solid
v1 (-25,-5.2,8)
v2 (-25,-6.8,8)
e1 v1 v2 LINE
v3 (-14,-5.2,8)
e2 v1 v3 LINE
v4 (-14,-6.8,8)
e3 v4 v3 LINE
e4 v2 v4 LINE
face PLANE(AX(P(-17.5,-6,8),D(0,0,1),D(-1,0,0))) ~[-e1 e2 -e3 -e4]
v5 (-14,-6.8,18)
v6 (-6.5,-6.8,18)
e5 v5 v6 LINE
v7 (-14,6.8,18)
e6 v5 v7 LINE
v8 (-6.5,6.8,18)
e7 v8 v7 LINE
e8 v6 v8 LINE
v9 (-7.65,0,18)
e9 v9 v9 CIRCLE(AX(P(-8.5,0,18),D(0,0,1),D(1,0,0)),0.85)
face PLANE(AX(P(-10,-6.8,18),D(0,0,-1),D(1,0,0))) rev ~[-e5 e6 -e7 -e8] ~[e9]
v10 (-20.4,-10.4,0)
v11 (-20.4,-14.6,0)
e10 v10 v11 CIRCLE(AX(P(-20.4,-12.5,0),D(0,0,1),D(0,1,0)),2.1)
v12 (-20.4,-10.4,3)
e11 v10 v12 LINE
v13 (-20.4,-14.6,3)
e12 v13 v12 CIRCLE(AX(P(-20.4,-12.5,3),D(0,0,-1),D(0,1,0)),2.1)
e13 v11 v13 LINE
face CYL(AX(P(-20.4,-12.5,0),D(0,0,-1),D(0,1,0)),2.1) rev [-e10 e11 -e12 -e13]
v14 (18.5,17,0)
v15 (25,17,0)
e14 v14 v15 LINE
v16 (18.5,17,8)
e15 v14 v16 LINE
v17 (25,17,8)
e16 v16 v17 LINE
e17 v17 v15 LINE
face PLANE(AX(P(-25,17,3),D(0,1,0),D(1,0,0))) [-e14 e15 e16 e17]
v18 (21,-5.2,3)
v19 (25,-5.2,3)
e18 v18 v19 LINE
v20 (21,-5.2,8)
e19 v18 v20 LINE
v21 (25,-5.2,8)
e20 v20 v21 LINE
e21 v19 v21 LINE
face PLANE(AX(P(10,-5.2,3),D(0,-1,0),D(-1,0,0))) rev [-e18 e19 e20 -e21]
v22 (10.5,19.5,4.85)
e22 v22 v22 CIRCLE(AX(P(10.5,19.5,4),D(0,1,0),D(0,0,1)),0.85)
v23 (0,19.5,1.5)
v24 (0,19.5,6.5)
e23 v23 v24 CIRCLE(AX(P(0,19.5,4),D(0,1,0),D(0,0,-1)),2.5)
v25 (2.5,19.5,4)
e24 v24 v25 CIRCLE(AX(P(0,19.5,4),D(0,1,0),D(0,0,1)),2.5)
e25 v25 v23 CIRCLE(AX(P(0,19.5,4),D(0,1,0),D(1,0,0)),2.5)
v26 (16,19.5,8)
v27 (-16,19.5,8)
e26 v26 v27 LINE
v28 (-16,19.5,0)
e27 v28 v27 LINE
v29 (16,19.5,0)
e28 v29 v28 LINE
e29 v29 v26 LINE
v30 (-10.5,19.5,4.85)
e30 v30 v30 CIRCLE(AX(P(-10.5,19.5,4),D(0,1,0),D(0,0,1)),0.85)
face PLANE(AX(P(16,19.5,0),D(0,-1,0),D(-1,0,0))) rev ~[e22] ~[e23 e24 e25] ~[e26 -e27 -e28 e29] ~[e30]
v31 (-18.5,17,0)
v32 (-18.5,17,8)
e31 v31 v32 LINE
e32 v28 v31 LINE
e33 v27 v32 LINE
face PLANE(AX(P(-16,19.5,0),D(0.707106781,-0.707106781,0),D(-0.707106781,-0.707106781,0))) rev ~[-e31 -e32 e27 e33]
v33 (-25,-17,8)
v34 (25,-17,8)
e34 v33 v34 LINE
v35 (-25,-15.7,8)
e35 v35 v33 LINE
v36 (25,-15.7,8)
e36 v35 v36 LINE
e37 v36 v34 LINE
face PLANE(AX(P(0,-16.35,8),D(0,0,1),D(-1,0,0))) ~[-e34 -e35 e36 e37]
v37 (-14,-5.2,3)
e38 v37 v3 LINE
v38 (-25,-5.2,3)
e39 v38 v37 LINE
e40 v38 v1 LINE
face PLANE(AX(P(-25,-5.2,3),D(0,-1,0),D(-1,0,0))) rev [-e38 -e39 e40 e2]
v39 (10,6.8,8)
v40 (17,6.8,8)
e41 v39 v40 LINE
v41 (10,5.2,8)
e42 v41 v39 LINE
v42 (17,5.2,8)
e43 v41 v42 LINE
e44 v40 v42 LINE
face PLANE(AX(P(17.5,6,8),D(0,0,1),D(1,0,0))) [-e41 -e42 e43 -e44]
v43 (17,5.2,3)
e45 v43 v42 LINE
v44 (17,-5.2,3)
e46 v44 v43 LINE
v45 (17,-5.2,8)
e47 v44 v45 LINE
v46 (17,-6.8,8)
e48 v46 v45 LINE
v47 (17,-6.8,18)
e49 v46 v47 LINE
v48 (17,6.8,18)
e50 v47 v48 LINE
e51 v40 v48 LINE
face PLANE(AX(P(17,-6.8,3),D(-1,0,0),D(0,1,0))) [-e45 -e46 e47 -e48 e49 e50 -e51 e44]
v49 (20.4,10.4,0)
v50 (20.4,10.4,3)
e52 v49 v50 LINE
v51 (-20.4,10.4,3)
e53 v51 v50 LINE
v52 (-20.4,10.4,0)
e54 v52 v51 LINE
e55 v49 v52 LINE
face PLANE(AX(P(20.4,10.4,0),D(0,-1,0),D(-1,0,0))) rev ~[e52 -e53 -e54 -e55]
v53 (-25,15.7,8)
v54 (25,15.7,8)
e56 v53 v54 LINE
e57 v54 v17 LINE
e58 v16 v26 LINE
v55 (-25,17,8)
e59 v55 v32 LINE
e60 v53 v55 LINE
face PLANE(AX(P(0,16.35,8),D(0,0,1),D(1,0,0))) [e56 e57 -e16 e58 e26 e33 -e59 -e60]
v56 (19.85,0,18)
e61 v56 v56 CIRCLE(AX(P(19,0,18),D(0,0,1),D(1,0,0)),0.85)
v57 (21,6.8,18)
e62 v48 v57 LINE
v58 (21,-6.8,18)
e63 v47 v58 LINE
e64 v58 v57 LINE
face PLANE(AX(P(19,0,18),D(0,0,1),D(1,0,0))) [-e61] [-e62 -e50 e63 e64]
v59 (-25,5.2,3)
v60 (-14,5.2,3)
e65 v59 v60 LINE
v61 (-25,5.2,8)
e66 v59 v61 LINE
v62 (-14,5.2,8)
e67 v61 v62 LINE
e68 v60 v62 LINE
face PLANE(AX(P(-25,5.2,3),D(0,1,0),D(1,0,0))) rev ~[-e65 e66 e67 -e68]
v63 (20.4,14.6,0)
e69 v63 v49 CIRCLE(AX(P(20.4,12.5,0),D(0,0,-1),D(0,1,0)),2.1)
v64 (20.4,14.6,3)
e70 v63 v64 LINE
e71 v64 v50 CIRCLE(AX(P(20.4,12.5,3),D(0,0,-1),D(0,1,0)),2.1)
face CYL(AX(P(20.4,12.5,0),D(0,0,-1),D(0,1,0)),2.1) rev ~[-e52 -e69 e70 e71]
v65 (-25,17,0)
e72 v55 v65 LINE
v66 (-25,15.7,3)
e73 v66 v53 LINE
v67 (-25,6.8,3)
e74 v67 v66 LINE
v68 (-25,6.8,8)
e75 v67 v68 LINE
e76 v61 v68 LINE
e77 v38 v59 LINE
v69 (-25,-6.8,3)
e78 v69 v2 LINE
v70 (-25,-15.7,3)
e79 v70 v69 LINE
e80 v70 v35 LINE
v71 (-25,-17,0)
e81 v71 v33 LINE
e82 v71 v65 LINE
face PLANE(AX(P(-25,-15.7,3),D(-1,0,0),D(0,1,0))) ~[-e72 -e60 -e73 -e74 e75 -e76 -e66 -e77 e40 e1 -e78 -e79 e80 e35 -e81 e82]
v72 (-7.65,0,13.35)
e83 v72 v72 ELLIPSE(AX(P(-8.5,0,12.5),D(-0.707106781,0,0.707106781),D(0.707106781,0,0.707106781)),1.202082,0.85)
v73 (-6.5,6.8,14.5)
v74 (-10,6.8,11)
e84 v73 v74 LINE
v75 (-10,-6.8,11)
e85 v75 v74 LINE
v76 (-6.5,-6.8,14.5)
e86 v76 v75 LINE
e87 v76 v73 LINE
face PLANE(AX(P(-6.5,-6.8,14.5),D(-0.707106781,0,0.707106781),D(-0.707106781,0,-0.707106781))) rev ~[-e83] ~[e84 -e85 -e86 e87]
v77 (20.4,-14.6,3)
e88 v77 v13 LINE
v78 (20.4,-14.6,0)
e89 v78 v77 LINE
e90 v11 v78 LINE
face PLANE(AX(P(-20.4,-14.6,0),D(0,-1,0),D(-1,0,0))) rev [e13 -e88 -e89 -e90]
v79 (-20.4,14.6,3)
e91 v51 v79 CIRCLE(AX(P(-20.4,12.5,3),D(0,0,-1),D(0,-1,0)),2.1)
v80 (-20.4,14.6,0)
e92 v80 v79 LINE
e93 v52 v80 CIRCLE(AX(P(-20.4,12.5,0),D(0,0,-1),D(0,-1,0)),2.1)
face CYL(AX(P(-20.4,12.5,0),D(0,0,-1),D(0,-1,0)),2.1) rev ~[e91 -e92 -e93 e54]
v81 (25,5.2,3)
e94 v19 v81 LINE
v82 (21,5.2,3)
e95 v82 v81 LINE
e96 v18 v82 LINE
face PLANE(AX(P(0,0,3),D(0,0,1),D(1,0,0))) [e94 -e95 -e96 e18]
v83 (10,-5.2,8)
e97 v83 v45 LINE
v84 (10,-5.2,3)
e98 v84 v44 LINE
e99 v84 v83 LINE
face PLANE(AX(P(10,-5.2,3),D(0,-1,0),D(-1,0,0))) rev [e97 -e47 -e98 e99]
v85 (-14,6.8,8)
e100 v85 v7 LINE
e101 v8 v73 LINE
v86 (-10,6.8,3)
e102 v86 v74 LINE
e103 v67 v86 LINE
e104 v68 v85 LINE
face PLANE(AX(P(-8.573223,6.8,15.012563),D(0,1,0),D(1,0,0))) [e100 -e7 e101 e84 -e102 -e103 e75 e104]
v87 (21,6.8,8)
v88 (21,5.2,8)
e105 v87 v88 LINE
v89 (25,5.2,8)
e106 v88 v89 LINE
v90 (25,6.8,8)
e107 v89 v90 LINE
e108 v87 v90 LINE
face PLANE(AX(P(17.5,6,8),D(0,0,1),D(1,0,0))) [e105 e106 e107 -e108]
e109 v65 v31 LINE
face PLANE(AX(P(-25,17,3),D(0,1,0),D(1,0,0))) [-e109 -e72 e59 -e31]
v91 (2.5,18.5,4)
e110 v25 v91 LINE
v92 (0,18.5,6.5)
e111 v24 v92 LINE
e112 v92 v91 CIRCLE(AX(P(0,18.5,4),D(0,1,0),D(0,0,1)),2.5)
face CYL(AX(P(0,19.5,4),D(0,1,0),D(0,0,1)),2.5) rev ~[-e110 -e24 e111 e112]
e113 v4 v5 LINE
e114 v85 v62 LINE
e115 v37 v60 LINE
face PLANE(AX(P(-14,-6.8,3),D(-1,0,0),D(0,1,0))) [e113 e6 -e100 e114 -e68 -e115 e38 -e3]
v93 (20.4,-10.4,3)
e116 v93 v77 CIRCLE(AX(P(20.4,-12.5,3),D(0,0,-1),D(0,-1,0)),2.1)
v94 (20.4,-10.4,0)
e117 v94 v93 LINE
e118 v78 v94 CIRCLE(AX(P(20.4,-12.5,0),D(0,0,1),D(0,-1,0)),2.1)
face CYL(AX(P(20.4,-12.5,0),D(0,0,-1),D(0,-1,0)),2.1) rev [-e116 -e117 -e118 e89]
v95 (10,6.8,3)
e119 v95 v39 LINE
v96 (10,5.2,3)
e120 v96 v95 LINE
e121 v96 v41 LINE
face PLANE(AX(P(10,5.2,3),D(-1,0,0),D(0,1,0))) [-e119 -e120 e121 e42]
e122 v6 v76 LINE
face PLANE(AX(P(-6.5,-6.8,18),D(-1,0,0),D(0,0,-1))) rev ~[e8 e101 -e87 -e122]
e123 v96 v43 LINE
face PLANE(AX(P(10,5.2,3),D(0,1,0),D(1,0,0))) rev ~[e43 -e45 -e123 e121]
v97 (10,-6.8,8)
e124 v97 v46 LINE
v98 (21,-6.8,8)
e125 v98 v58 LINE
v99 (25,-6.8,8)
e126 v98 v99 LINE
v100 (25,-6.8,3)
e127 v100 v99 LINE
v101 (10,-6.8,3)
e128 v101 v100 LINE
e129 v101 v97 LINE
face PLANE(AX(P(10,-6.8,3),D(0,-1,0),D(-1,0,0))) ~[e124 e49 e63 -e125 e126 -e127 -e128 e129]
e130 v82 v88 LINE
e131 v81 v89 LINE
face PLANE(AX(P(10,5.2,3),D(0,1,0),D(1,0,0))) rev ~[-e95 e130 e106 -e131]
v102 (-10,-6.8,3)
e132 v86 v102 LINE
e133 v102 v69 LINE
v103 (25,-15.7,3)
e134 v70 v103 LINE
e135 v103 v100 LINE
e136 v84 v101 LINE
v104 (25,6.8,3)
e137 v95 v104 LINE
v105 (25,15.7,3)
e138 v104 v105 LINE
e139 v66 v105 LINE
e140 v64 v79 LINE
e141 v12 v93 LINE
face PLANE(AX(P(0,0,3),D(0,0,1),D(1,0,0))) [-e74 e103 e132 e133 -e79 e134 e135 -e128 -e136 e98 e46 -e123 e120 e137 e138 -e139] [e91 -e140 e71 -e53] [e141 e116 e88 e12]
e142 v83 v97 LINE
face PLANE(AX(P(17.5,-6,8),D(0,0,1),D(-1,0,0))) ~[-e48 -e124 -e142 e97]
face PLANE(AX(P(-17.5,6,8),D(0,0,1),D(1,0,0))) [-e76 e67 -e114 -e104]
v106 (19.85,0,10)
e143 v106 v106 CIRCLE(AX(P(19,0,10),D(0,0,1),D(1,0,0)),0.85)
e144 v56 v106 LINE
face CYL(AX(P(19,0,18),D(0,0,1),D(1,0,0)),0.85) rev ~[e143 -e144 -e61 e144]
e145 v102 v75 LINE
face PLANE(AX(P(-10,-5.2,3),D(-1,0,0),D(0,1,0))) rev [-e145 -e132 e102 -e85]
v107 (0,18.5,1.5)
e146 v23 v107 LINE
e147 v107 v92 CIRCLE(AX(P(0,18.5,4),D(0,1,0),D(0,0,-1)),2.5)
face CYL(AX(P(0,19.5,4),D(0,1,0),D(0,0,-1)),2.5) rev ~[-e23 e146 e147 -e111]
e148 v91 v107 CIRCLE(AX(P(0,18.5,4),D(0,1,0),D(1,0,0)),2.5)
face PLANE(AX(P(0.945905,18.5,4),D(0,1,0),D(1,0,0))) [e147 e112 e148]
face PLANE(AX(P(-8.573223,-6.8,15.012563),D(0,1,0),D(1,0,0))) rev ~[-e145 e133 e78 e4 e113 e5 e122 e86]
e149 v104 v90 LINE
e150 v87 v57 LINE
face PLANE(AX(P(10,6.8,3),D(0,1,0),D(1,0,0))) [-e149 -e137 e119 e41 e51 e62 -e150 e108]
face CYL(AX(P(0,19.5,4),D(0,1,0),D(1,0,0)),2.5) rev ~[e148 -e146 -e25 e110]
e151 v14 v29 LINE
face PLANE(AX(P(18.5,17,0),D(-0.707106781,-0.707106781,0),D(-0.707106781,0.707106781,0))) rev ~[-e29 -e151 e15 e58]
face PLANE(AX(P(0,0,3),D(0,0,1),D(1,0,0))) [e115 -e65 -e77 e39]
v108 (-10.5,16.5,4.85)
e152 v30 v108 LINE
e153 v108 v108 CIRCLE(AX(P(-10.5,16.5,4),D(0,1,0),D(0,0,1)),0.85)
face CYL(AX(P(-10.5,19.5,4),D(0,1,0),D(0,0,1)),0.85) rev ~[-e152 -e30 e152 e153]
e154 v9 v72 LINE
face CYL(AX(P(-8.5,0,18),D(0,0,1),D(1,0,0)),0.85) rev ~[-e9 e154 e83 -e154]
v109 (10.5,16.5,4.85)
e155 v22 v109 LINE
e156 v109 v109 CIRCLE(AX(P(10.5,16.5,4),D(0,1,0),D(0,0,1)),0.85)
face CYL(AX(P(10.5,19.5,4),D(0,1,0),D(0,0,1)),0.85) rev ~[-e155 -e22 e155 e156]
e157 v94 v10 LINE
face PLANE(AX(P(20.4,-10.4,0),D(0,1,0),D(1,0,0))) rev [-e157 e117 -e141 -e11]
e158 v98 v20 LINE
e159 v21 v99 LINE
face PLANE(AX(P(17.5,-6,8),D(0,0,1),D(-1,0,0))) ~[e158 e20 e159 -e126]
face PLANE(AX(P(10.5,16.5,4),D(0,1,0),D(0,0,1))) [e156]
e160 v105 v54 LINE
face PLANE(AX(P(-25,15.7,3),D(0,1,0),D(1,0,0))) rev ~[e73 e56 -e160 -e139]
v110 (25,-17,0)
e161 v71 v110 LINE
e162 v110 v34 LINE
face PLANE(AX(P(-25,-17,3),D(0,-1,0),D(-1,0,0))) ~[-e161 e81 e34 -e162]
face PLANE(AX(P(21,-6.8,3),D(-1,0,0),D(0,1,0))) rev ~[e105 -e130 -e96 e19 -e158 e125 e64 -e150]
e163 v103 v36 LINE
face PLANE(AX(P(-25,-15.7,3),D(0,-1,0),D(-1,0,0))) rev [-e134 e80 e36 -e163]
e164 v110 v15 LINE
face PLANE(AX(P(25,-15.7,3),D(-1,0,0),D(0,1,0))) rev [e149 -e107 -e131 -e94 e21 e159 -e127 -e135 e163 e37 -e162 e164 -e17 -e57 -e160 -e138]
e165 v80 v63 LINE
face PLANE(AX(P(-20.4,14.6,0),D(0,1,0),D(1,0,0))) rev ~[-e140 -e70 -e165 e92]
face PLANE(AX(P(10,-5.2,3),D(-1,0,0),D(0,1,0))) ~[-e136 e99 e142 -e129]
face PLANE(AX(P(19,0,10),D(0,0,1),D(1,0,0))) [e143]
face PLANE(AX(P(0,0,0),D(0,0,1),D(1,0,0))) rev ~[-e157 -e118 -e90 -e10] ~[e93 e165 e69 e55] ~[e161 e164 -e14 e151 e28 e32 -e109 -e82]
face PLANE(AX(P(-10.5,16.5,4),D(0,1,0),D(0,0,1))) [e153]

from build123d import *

# Parameters (mm, degrees)
SZKIC1_W                    = 50
SZKIC1_H                    = 34
DODANIE_WYCI_GNI_CIE1_DEPTH = 3
WYTNIJ_WYCI_GNI_CIE1_DEPTH  = 31.380915062
SZKIC2_W                    = 50
SZKIC2_H                    = 1.3
SZKIC2_W_2                  = 15
SZKIC2_H_2                  = 1.6
DODANIE_WYCI_GNI_CIE2_DEPTH = 5
DODANIE_WYCI_GNI_CIE5_DEPTH = 8
SZKIC9_R                    = 0.85
WYTNIJ_WYCI_GNI_CIE3_DEPTH  = 3
WYTNIJ_WYCI_GNI_CIE4_DEPTH  = 1
SZKIC5_W                    = 4
SZKIC5_H                    = 13.6
DODANIE_WYCI_GNI_CIE3_DEPTH = 15
DODANIE_WYCI_GNI_CIE4_START = -6.8
DODANIE_WYCI_GNI_CIE4_DEPTH = 13.6
SZKIC7_R                    = 0.85
WYTNIJ_WYCI_GNI_CIE2_DEPTH  = 8


with BuildPart() as part:
    # Szkic1 → Dodanie-wyciągnięcie1 (new body)
    with BuildSketch(Plane.XY):
        Rectangle(SZKIC1_W, SZKIC1_H)
    extrude(amount=DODANIE_WYCI_GNI_CIE1_DEPTH)

    # Szkic3 → Wytnij-wyciągnięcie1 (cut, through all)
    with BuildSketch(Plane.XY):
        with BuildLine():
            Line((-20.4, 14.6), (20.4, 14.6))
            ThreePointArc((20.4, 14.6), (22.5, 12.5), (20.4, 10.4))
            Line((20.4, 10.4), (-20.4, 10.4))
            ThreePointArc((-20.4, 10.4), (-22.5, 12.5), (-20.4, 14.6))
        make_face()
    wytnij_wyci_gni_cie1 = extrude(amount=WYTNIJ_WYCI_GNI_CIE1_DEPTH, mode=Mode.SUBTRACT)

    # Szkic2 → Dodanie-wyciągnięcie2 (add)
    with BuildSketch(Plane.XY.offset(3)):
        with Locations((0, 16.35)):
            Rectangle(SZKIC2_W, SZKIC2_H)
        with Locations((-17.5, 6)):
            Rectangle(SZKIC2_W_2, SZKIC2_H_2)
        with Locations((17.5, 6)):
            Rectangle(SZKIC2_W_2, SZKIC2_H_2)
    dodanie_wyci_gni_cie2 = extrude(amount=DODANIE_WYCI_GNI_CIE2_DEPTH)

    # Lustro1: Wytnij-wyciągnięcie1, Dodanie-wyciągnięcie2 across plane
    add(wytnij_wyci_gni_cie1.mirror(Plane.ZX), mode=Mode.SUBTRACT)
    add(dodanie_wyci_gni_cie2.mirror(Plane.ZX))

    # Szkic8 → Dodanie-wyciągnięcie5 (add)
    with BuildSketch(Plane(origin=(0, 0, 0), x_dir=(-1, 0, 0), z_dir=(0, 0, -1))):
        Polygon((-18.5, 17), (-16, 19.5), (16, 19.5), (18.5, 17), align=None)
    extrude(amount=-DODANIE_WYCI_GNI_CIE5_DEPTH)

    # Szkic9 → Wytnij-wyciągnięcie3 (cut)
    with BuildSketch(Plane(origin=(0, 19.5, 0), x_dir=(1, 0, 0), z_dir=(0, 1, 0))):
        with Locations(Location((-10.5, -4, 0), (0, 0, 270))):
            Circle(SZKIC9_R)
        with Locations(Location((10.5, -4, 0), (0, 0, 270))):
            Circle(SZKIC9_R)
    extrude(amount=-WYTNIJ_WYCI_GNI_CIE3_DEPTH, mode=Mode.SUBTRACT)

    # Szkic9<3> → Wytnij-wyciągnięcie4 (cut)
    with BuildSketch(Plane(origin=(0, 19.5, 0), x_dir=(1, 0, 0), z_dir=(0, 1, 0))):
        with BuildLine():
            ThreePointArc((2.5, -4), (1.767766953, -2.232233047), (0, -1.5))
            Line((0, -1.5), (0, -6.5))
            ThreePointArc((0, -6.5), (1.767766953, -5.767766953), (2.5, -4))
        make_face()
        with BuildLine():
            Line((0, -6.5), (0, -1.5))
            ThreePointArc((0, -1.5), (-2.5, -4), (0, -6.5))
        make_face()
    extrude(amount=-WYTNIJ_WYCI_GNI_CIE4_DEPTH, mode=Mode.SUBTRACT)

    # Szkic5 → Dodanie-wyciągnięcie3 (add)
    with BuildSketch(Plane.XY.offset(3)):
        with Locations((19, 0)):
            Rectangle(SZKIC5_W, SZKIC5_H)
        with Locations((-12, 0)):
            Rectangle(SZKIC5_W, SZKIC5_H)
    extrude(amount=DODANIE_WYCI_GNI_CIE3_DEPTH)

    # Szkic6 → Dodanie-wyciągnięcie4 (add)
    with BuildSketch(Plane(origin=(0, 0, 0), x_dir=(1, 0, 0), z_dir=(0, 1, 0)).offset(DODANIE_WYCI_GNI_CIE4_START)):
        Polygon((-10, -18), (-6.5, -18), (-6.5, -14.5), (-10, -11), align=None)
    extrude(amount=DODANIE_WYCI_GNI_CIE4_DEPTH)

    # Szkic7 → Wytnij-wyciągnięcie2 (cut)
    with BuildSketch(Plane.XY.offset(18)):
        with Locations((-8.5, 0)):
            Circle(SZKIC7_R)
        with Locations((19, 0)):
            Circle(SZKIC7_R)
    extrude(amount=-WYTNIJ_WYCI_GNI_CIE2_DEPTH, mode=Mode.SUBTRACT)


solid = part.part
